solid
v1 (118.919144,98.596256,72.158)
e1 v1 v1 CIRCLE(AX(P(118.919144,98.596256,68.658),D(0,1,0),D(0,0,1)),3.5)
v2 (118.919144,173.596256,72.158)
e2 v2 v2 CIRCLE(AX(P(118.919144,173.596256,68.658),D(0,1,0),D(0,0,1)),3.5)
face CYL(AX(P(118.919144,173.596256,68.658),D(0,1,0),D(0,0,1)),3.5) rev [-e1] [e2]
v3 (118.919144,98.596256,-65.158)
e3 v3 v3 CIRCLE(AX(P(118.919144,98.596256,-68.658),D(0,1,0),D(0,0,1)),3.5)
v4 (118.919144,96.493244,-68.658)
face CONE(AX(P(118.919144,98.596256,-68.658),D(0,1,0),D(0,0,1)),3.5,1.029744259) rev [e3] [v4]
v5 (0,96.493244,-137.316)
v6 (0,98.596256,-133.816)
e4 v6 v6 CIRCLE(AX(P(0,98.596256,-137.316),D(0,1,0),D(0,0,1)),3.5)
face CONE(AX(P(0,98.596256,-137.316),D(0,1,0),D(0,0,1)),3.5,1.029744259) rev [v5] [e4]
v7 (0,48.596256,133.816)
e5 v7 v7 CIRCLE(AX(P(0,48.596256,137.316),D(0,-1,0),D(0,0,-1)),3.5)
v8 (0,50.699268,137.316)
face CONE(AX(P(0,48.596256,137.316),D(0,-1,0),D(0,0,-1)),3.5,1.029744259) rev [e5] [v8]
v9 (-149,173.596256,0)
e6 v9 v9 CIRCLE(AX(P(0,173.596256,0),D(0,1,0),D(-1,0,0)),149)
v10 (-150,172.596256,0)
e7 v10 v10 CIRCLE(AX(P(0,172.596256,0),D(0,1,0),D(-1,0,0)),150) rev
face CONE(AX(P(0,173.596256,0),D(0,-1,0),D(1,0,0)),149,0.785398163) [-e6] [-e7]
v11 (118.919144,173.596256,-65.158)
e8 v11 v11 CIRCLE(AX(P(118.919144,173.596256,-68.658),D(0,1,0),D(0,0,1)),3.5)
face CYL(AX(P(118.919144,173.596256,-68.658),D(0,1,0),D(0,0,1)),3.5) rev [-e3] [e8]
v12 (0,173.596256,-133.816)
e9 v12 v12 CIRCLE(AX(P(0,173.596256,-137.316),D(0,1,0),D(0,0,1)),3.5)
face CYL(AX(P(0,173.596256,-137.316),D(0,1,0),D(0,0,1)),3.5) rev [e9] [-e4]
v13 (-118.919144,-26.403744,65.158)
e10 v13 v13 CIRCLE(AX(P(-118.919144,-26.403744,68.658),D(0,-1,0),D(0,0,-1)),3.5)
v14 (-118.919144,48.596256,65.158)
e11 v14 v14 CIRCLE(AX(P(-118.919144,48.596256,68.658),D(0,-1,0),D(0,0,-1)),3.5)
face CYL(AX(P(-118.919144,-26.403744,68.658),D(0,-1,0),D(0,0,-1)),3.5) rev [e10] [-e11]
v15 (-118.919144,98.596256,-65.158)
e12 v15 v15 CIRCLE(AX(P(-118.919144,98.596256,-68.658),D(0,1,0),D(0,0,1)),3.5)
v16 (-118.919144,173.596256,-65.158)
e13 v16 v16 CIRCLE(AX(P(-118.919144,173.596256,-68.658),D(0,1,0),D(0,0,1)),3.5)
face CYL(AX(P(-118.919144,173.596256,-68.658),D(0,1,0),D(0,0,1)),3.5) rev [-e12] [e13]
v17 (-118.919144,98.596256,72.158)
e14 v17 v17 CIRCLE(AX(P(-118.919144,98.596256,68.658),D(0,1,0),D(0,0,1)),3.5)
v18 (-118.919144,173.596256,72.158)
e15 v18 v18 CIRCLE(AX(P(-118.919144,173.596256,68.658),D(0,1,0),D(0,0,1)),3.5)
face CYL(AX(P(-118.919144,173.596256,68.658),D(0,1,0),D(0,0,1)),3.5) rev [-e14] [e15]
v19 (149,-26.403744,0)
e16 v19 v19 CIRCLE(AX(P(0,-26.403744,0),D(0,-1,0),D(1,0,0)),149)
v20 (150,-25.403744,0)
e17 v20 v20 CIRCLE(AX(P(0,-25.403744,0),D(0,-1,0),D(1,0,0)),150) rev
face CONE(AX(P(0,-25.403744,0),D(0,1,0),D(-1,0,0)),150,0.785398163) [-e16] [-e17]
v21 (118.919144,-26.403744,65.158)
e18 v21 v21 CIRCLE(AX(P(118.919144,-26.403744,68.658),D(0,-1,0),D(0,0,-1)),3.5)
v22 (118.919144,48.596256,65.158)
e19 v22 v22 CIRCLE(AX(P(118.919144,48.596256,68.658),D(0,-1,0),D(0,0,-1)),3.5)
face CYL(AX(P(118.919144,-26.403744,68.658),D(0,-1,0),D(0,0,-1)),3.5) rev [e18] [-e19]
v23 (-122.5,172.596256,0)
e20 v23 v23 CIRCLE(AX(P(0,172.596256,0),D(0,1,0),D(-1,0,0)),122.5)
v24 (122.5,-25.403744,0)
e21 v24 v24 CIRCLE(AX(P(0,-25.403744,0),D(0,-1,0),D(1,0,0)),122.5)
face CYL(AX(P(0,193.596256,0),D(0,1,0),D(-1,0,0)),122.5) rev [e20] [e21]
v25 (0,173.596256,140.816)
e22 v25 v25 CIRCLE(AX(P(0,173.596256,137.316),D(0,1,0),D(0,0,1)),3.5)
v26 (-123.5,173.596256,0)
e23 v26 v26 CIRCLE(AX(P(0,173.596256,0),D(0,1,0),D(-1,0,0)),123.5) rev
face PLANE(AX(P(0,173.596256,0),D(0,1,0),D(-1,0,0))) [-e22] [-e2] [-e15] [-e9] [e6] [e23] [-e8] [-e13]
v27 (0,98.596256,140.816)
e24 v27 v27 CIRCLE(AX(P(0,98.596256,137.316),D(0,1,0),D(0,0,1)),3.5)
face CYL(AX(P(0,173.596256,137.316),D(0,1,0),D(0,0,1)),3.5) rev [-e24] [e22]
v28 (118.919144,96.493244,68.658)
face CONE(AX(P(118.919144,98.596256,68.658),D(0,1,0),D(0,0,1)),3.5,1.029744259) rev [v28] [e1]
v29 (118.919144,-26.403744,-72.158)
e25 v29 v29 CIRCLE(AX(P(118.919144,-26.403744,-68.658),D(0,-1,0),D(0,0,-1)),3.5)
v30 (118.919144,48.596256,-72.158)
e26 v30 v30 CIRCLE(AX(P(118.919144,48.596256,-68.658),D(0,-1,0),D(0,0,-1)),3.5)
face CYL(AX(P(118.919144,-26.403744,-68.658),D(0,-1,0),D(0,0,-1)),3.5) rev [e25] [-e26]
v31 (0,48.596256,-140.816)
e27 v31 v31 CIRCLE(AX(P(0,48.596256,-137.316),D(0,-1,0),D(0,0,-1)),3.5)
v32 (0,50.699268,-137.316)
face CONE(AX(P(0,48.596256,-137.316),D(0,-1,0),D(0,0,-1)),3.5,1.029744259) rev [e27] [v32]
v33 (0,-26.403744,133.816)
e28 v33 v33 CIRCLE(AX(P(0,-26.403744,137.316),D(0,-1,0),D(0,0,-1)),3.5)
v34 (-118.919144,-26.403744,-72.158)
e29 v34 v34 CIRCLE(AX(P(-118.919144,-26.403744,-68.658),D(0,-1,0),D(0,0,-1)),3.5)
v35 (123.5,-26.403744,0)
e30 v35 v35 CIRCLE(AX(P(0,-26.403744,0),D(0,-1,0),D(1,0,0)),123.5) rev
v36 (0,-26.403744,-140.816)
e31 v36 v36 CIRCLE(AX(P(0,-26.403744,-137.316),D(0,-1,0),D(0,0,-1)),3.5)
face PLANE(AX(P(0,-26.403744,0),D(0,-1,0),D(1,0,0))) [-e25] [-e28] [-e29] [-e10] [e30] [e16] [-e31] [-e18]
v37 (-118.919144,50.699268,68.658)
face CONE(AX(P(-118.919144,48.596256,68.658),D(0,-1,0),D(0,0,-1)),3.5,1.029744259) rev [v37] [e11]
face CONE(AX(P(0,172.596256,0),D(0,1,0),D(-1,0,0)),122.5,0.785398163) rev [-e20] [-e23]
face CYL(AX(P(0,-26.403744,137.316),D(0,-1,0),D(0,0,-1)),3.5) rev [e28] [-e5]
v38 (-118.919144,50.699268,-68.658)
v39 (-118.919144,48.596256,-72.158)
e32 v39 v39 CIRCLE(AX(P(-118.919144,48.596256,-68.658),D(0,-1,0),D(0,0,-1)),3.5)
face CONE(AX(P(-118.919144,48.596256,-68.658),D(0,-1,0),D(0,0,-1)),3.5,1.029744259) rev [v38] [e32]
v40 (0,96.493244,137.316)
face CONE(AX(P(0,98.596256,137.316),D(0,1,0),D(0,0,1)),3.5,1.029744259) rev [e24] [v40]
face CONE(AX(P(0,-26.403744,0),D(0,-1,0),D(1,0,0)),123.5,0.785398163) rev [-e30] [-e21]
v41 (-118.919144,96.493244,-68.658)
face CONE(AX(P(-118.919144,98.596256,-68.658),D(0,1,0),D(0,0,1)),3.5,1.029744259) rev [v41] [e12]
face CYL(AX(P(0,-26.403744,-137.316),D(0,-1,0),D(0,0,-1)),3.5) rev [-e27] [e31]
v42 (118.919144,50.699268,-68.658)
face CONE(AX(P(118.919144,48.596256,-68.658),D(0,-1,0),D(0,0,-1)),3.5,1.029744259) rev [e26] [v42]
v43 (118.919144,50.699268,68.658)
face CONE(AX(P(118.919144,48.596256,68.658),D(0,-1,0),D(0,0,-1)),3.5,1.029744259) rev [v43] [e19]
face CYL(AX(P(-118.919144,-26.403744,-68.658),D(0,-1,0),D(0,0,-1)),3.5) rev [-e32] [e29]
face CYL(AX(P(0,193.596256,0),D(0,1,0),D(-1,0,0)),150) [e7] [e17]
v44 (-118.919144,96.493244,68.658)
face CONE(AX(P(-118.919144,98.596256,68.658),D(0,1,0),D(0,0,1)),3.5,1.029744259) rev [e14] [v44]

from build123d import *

# Parameters (mm, degrees)
SZKIC1_W                            = 27.5
SZKIC1_H                            = 200
SFAZOWANIE1_SIZE                    = 1
OTW_R_GWINTOWANY_M8X1_01_AT_2_COUNT = 2
OTW_R_GWINTOWANY_M8X1_01_AT_2_PITCH = 137.316
OTW_R_GWINTOWANY_M8X1_01_AT_3_COUNT = 2
OTW_R_GWINTOWANY_M8X1_01_AT_3_PITCH = 237.838288692
OTW_R_GWINTOWANY_M8X1_01_AT_4_COUNT = 2
OTW_R_GWINTOWANY_M8X1_01_AT_4_PITCH = 274.632
OTW_R_GWINTOWANY_M8X1_01_AT_5_COUNT = 2
OTW_R_GWINTOWANY_M8X1_01_AT_5_PITCH = 237.838288692
OTW_R_GWINTOWANY_M8X1_01_AT_6_COUNT = 2
OTW_R_GWINTOWANY_M8X1_01_AT_6_PITCH = 137.316


with BuildPart() as part:
    # Szkic1 → Obrót1 (revolve)
    with BuildSketch(Plane.XY):
        with Locations((-136.25, 73.59625624)):
            Rectangle(SZKIC1_W, SZKIC1_H)
    revolve(axis=Axis((0, 193.59625624, 0), (0, -1, 0)))

    # Sfazowanie1
    sfazowanie1_edges = [part.edges().sort_by_distance(p)[0] for p in [
        (150, 173.59625624, 0),
        (122.5, 173.59625624, 0),
        (122.5, -26.40374376, 0),
        (150, -26.40374376, 0),
    ]]
    chamfer(sfazowanie1_edges, length=SFAZOWANIE1_SIZE)

    # Szkic7 → Otwór gwintowany M8x1.01 (revolve, cut)
    with BuildSketch(Plane(origin=(0, 173.59625624, -137.316), x_dir=(0, 0, 1), z_dir=(1, 0, 0))):
        Polygon((0, 0), (0, 77.103012167), (3.5, 75), (3.5, 0), align=None)
    otw_r_gwintowany_m8x1_01 = revolve(axis=Axis((0, 179.94625624, -137.316), (0, -1, 0)), mode=Mode.SUBTRACT)

    # Otwór gwintowany M8x1.01 at 2: Otwór gwintowany M8x1.01 ×2
    with Locations(*[Vector(0.8660254037844388, 0, 0.49999999999999983) * (i * OTW_R_GWINTOWANY_M8X1_01_AT_2_PITCH) for i in range(1, OTW_R_GWINTOWANY_M8X1_01_AT_2_COUNT)]):
        add(otw_r_gwintowany_m8x1_01, mode=Mode.SUBTRACT)

    # Otwór gwintowany M8x1.01 at 3: Otwór gwintowany M8x1.01 ×2
    with Locations(*[Vector(0.5000000000000001, 0, 0.8660254037844386) * (i * OTW_R_GWINTOWANY_M8X1_01_AT_3_PITCH) for i in range(1, OTW_R_GWINTOWANY_M8X1_01_AT_3_COUNT)]):
        add(otw_r_gwintowany_m8x1_01, mode=Mode.SUBTRACT)

    # Otwór gwintowany M8x1.01 at 4: Otwór gwintowany M8x1.01 ×2
    with Locations(*[(0, 0, i * OTW_R_GWINTOWANY_M8X1_01_AT_4_PITCH) for i in range(1, OTW_R_GWINTOWANY_M8X1_01_AT_4_COUNT)]):
        add(otw_r_gwintowany_m8x1_01, mode=Mode.SUBTRACT)

    # Otwór gwintowany M8x1.01 at 5: Otwór gwintowany M8x1.01 ×2
    with Locations(*[Vector(-0.49999999999999967, 0, 0.8660254037844388) * (i * OTW_R_GWINTOWANY_M8X1_01_AT_5_PITCH) for i in range(1, OTW_R_GWINTOWANY_M8X1_01_AT_5_COUNT)]):
        add(otw_r_gwintowany_m8x1_01, mode=Mode.SUBTRACT)

    # Otwór gwintowany M8x1.01 at 6: Otwór gwintowany M8x1.01 ×2
    with Locations(*[Vector(-0.8660254037844386, 0, 0.5000000000000002) * (i * OTW_R_GWINTOWANY_M8X1_01_AT_6_PITCH) for i in range(1, OTW_R_GWINTOWANY_M8X1_01_AT_6_COUNT)]):
        add(otw_r_gwintowany_m8x1_01, mode=Mode.SUBTRACT)

    # Lustro2: Otwór gwintowany M8x1.01 across plane
    add(otw_r_gwintowany_m8x1_01.mirror(Plane.ZX.offset(73.59625624)), mode=Mode.SUBTRACT)

    # Lustro2 copy 1 sketch → Lustro2 copy 1 (revolve, cut)
    with BuildSketch(Plane(origin=(118.919144346, -26.40374376, -68.658), x_dir=(0, 0, 1), z_dir=(1, 0, 0))):
        Polygon((0, 0), (0, -77.103012167), (3.5, -75), (3.5, 0), align=None)
    revolve(axis=Axis((118.919144346, -32.75374376, -68.658), (0, -1, 0)), mode=Mode.SUBTRACT)

    # Lustro2 copy 2 sketch → Lustro2 copy 2 (revolve, cut)
    with BuildSketch(Plane(origin=(118.919144346, -26.40374376, 68.658), x_dir=(0, 0, 1), z_dir=(1, 0, 0))):
        Polygon((0, 0), (0, -77.103012167), (3.5, -75), (3.5, 0), align=None)
    revolve(axis=Axis((118.919144346, -32.75374376, 68.658), (0, -1, 0)), mode=Mode.SUBTRACT)

    # Lustro2 copy 3 sketch → Lustro2 copy 3 (revolve, cut)
    with BuildSketch(Plane(origin=(0, -26.40374376, 137.316), x_dir=(0, 0, 1), z_dir=(1, 0, 0))):
        Polygon((0, 0), (0, -77.103012167), (3.5, -75), (3.5, 0), align=None)
    revolve(axis=Axis((0, -32.75374376, 137.316), (0, -1, 0)), mode=Mode.SUBTRACT)

    # Lustro2 copy 4 sketch → Lustro2 copy 4 (revolve, cut)
    with BuildSketch(Plane(origin=(-118.919144346, -26.40374376, 68.658), x_dir=(0, 0, 1), z_dir=(1, 0, 0))):
        Polygon((0, 0), (0, -77.103012167), (3.5, -75), (3.5, 0), align=None)
    revolve(axis=Axis((-118.919144346, -32.75374376, 68.658), (0, -1, 0)), mode=Mode.SUBTRACT)

    # Lustro2 copy 5 sketch → Lustro2 copy 5 (revolve, cut)
    with BuildSketch(Plane(origin=(-118.919144346, -26.40374376, -68.658), x_dir=(0, 0, 1), z_dir=(1, 0, 0))):
        Polygon((0, 0), (0, -77.103012167), (3.5, -75), (3.5, 0), align=None)
    revolve(axis=Axis((-118.919144346, -32.75374376, -68.658), (0, -1, 0)), mode=Mode.SUBTRACT)


solid = part.part
